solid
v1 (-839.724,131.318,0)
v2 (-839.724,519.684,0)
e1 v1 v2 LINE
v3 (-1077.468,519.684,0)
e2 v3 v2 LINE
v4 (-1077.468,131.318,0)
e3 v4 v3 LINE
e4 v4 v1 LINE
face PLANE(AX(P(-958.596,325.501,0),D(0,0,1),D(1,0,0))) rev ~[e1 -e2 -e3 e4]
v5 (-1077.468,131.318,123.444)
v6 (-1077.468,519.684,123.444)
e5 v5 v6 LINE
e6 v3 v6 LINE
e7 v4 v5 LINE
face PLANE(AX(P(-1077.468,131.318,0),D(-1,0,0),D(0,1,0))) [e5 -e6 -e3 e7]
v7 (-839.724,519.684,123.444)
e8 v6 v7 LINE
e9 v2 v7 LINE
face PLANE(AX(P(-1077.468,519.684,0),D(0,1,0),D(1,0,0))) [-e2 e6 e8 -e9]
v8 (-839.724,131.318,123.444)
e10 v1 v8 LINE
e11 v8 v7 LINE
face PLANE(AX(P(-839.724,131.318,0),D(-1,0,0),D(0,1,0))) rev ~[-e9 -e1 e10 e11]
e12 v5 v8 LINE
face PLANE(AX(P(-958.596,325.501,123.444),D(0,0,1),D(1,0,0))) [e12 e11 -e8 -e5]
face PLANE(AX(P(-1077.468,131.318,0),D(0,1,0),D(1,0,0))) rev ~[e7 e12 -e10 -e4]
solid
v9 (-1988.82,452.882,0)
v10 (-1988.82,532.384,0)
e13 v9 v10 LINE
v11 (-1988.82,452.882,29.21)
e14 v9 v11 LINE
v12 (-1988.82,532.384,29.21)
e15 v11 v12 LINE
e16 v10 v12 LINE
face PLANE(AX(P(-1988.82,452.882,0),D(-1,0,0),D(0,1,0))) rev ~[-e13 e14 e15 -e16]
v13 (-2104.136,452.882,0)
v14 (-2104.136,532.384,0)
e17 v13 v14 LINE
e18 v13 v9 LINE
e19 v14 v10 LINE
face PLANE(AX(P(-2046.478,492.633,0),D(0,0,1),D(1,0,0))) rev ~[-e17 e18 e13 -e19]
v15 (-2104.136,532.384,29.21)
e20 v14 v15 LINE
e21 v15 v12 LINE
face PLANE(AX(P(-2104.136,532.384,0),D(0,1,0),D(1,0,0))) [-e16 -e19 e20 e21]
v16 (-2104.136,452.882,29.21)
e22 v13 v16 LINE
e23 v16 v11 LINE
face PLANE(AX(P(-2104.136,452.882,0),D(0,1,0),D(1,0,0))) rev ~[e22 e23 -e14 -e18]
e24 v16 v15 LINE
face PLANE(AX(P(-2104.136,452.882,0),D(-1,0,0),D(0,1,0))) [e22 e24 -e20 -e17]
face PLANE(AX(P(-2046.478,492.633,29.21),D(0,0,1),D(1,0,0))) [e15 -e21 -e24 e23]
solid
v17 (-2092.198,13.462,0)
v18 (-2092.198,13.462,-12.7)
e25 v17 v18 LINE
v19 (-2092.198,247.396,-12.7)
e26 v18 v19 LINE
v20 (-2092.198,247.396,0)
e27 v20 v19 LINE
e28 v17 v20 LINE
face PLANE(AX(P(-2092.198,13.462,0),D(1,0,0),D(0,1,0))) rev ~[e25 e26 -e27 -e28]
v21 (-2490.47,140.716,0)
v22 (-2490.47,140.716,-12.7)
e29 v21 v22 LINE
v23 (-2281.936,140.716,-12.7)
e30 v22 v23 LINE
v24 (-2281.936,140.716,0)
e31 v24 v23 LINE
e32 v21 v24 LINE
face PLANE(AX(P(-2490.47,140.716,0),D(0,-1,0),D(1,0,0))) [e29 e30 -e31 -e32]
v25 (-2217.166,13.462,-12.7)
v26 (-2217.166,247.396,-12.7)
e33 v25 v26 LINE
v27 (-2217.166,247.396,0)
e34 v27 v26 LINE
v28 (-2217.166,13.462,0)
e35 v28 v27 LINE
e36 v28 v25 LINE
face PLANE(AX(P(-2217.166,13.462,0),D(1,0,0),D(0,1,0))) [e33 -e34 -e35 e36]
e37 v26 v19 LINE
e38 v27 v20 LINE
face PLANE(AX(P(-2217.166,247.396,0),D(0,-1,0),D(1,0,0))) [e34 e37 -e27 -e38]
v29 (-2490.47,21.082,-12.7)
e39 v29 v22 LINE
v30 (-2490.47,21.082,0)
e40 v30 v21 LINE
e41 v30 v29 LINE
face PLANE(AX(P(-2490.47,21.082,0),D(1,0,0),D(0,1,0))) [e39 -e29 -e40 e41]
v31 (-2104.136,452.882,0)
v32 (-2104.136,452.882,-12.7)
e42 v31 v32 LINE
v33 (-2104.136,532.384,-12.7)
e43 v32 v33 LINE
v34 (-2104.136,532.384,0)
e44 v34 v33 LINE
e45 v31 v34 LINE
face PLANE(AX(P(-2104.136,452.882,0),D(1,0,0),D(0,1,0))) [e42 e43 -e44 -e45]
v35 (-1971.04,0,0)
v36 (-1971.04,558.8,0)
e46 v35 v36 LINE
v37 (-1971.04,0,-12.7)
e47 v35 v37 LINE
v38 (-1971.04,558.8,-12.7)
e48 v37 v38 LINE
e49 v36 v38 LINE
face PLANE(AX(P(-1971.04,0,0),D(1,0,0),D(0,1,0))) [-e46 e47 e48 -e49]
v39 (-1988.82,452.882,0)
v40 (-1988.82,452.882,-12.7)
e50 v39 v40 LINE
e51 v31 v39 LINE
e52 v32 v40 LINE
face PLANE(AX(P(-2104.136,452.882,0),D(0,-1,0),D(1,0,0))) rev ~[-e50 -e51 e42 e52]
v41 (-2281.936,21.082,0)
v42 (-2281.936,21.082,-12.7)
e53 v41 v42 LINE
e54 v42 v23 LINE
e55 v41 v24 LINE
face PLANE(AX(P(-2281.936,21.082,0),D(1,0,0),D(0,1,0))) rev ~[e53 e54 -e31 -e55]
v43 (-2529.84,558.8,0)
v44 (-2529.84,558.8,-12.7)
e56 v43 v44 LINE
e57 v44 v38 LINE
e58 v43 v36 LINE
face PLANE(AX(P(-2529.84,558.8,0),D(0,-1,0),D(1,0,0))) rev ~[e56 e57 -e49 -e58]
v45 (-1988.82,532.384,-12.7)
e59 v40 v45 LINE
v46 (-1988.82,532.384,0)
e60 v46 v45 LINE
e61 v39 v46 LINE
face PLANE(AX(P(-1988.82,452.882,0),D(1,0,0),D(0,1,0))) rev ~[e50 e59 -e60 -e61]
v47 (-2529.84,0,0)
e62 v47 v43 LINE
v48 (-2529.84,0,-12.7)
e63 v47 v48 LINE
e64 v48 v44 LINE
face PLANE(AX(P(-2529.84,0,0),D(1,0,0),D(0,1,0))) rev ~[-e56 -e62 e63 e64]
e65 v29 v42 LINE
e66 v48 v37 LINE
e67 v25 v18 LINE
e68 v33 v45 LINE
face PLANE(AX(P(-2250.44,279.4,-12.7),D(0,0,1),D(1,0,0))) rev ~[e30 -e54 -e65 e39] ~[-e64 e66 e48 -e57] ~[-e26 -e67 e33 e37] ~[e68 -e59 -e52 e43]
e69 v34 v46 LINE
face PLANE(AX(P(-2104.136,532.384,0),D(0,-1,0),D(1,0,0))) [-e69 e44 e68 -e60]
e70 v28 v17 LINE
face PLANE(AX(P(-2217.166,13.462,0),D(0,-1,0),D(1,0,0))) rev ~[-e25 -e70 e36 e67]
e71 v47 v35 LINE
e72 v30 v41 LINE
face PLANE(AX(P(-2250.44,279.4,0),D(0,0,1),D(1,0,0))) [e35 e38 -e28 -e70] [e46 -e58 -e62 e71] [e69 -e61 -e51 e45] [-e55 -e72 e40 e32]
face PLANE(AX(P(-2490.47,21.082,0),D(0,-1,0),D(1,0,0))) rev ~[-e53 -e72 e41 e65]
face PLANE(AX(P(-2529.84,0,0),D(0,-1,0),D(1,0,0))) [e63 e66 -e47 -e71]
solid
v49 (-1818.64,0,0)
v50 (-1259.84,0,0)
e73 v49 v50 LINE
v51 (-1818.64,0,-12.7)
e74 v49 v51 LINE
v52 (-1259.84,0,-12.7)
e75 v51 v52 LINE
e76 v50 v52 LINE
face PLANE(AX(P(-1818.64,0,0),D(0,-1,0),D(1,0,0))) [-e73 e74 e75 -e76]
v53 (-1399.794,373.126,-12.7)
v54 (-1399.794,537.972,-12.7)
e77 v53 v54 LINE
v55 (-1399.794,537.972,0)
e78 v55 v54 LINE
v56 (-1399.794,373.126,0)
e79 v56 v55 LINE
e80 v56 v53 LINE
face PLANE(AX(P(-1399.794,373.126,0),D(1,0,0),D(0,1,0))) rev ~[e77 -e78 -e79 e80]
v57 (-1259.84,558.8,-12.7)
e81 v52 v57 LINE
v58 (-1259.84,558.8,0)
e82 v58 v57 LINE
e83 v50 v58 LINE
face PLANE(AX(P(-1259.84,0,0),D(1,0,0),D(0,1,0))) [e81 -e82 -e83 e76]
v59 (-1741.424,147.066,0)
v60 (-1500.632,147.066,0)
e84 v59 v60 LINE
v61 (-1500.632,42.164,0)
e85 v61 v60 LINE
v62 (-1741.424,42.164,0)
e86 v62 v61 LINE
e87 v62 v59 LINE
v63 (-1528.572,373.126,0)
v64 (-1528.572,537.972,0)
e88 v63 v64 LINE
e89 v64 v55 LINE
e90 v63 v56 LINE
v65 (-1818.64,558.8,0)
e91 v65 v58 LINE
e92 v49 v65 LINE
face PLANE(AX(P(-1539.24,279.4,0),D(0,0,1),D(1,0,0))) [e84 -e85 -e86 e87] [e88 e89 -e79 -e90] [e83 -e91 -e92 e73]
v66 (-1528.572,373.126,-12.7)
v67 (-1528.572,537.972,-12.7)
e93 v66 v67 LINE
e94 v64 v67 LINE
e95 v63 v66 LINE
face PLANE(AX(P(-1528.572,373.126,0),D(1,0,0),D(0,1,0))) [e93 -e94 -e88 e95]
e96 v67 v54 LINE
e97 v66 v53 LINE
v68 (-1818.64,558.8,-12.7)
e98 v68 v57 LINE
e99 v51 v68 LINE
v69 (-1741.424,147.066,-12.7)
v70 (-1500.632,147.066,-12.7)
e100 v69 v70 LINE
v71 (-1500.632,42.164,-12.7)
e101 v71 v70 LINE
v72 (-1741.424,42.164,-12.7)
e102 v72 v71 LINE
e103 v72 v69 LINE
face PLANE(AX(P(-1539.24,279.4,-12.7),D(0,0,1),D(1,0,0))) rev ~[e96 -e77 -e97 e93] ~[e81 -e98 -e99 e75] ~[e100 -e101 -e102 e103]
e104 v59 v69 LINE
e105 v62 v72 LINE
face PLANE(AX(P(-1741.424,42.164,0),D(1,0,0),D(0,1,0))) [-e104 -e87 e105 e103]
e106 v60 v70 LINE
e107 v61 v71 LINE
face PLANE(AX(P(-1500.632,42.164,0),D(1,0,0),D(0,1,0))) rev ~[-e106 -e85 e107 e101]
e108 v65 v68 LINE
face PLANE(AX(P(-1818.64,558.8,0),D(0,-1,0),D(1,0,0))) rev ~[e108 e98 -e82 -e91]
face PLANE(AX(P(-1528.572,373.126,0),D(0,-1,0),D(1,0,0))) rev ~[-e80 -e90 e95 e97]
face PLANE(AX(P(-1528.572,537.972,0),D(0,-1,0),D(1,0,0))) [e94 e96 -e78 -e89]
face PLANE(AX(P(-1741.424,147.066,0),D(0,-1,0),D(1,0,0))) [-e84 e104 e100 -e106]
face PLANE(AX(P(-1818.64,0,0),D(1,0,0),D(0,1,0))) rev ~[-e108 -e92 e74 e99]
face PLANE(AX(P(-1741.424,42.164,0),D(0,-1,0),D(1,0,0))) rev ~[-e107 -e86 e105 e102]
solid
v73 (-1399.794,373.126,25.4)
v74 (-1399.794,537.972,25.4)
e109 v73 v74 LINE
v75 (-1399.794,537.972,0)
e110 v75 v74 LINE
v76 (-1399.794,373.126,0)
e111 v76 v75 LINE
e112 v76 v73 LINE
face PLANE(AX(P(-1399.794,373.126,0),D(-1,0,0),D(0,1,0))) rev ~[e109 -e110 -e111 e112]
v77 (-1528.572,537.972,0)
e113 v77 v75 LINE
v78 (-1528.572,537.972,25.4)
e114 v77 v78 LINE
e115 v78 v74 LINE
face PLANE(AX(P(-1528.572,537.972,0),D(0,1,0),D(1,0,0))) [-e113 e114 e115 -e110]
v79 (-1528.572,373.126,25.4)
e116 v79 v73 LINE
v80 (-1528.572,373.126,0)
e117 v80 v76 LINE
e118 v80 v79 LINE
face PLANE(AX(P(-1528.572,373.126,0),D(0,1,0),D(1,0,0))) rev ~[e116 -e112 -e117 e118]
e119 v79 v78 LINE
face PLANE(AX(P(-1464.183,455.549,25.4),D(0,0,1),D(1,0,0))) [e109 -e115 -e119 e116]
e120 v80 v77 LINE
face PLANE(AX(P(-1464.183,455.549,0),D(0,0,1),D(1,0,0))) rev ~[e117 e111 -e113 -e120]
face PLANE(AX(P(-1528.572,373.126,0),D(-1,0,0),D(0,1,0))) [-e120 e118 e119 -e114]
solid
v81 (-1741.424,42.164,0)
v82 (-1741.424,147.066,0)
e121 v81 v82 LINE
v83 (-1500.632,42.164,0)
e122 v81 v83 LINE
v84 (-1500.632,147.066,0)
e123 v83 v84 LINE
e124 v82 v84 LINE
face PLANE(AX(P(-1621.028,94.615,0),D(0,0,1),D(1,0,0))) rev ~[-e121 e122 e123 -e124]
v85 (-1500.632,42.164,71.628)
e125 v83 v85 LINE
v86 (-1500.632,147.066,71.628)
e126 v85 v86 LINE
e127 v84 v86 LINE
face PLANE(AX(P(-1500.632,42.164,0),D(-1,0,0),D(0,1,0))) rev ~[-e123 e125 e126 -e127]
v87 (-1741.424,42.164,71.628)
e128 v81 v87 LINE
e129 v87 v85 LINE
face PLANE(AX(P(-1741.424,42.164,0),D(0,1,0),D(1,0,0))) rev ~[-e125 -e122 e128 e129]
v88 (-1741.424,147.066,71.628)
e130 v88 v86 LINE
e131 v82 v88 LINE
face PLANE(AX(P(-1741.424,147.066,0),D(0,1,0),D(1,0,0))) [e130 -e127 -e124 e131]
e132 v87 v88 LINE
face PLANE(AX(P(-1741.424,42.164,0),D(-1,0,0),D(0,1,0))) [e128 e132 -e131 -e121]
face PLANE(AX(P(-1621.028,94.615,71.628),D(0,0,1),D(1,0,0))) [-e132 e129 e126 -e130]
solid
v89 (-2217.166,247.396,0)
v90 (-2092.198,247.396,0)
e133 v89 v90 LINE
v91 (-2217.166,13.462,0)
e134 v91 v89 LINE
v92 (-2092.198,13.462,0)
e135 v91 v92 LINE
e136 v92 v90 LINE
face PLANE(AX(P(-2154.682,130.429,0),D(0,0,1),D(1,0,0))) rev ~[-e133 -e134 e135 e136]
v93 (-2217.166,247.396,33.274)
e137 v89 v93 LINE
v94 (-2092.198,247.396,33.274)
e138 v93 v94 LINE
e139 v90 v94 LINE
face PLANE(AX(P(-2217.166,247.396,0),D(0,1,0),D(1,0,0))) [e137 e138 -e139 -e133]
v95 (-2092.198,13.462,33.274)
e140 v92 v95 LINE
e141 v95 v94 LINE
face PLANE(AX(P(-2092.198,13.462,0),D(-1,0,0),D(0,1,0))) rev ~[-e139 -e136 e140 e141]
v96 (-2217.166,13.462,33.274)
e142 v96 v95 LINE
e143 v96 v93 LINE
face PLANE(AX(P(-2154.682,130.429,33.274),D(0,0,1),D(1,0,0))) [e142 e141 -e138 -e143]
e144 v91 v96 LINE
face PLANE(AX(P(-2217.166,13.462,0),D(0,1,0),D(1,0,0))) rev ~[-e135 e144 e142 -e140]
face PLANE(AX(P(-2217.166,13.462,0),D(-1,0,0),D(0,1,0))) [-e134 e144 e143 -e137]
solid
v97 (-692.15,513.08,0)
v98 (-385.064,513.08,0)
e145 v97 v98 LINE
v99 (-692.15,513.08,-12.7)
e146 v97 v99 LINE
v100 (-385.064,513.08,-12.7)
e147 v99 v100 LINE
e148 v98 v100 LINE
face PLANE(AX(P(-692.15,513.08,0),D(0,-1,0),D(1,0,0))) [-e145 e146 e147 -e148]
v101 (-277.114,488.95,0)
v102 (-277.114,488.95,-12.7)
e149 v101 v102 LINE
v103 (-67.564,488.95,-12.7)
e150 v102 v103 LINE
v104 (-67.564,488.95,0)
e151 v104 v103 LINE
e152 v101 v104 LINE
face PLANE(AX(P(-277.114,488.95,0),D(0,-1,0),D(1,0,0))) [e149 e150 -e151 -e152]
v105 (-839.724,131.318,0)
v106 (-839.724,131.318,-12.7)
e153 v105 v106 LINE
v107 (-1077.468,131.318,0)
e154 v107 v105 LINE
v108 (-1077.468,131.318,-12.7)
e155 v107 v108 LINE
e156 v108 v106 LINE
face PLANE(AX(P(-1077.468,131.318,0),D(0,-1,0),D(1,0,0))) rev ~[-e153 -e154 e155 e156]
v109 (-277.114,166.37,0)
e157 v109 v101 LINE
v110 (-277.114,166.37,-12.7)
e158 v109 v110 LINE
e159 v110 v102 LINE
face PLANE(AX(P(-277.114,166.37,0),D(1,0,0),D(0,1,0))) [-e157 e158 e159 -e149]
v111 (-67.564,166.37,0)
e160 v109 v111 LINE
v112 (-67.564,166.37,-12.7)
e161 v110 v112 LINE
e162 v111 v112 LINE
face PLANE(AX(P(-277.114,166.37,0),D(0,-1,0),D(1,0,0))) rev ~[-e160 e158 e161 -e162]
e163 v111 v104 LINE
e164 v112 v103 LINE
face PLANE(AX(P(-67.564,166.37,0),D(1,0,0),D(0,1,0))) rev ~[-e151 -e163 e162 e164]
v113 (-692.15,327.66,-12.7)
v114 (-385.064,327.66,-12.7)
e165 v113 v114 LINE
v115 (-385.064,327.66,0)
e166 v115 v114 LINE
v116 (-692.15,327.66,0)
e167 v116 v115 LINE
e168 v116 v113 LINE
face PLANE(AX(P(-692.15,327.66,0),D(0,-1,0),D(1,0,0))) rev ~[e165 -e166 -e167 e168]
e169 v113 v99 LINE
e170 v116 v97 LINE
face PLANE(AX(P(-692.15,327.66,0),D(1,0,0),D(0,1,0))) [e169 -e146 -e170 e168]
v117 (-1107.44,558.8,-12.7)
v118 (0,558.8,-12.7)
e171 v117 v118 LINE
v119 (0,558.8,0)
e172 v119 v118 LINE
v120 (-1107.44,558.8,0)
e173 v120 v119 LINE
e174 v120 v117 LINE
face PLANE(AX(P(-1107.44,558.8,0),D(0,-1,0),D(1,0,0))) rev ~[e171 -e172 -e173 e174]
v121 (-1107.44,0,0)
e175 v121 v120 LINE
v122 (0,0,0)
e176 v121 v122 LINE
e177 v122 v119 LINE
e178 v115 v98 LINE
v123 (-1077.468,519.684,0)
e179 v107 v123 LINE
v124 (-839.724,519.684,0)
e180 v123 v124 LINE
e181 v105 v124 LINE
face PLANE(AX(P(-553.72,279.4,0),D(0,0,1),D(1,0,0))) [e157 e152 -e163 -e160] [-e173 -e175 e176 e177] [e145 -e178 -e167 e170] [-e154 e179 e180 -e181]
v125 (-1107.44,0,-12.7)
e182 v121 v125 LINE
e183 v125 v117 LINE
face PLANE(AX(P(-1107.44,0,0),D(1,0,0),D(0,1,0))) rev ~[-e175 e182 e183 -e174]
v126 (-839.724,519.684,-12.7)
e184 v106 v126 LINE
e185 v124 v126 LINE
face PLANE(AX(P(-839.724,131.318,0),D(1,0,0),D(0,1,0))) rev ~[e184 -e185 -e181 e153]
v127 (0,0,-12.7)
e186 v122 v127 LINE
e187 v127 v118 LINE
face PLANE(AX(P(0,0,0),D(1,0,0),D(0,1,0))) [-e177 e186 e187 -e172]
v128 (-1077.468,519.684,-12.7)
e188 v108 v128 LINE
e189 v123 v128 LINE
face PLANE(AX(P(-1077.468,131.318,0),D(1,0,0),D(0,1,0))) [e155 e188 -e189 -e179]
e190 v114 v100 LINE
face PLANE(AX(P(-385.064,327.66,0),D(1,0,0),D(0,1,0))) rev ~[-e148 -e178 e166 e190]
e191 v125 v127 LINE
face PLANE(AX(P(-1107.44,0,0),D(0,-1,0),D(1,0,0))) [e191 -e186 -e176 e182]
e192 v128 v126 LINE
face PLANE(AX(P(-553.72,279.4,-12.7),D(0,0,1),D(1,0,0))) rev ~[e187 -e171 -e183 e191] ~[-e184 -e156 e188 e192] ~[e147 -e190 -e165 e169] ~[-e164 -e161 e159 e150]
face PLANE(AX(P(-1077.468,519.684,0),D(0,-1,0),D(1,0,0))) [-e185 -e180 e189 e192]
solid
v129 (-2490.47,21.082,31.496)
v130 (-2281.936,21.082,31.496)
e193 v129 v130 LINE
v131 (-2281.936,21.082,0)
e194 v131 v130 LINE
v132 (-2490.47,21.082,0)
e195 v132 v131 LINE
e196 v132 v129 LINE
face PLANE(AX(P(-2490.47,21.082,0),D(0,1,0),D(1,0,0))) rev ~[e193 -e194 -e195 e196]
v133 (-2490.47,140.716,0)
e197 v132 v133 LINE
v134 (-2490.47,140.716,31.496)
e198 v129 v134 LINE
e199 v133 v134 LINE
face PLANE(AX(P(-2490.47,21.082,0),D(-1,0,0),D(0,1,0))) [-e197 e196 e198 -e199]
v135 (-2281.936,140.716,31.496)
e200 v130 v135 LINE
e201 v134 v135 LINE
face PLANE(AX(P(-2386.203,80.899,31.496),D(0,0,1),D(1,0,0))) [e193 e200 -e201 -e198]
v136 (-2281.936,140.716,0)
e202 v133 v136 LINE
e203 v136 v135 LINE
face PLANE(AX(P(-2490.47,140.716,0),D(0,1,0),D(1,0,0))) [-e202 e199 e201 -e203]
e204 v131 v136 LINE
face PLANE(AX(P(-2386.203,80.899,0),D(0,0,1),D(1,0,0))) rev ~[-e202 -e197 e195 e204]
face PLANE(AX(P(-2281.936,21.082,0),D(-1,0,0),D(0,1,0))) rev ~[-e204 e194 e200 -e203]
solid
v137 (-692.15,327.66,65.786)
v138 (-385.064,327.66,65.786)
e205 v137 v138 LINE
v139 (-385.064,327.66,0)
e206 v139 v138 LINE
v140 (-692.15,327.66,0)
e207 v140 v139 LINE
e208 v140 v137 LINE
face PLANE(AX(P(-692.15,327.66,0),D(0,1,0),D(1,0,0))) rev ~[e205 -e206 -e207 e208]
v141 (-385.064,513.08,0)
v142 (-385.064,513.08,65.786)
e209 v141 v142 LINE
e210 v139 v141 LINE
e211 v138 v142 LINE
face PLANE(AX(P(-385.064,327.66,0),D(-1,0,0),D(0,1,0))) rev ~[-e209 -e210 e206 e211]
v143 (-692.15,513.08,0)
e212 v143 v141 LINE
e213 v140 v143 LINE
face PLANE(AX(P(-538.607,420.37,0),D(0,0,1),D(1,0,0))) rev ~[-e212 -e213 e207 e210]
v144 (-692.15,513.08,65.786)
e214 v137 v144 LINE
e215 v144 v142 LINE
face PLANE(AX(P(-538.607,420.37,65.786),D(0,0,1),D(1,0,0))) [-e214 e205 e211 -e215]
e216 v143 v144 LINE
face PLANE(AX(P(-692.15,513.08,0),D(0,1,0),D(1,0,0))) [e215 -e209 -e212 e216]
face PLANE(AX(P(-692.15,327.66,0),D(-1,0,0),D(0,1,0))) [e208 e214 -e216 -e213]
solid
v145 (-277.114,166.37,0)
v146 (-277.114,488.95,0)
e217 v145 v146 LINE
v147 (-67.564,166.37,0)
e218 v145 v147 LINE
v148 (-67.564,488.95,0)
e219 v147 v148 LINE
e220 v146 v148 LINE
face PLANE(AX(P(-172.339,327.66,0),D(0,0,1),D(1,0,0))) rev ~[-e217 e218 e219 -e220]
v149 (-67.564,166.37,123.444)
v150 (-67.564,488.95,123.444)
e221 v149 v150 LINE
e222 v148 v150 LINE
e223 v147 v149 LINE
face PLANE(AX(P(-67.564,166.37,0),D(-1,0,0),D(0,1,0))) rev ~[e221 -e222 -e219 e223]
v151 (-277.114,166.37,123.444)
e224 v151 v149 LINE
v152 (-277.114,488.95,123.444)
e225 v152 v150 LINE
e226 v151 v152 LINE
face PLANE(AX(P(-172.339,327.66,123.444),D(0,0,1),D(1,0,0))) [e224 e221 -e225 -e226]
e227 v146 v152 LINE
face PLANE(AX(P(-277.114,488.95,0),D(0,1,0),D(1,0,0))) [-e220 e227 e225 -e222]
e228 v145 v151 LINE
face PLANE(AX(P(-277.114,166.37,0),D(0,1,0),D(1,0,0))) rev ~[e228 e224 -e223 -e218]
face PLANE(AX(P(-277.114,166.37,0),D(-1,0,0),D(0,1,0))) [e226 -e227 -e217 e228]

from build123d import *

# Parameters (mm, degrees)
F0_W      = 1107.44
F0_H      = 558.8
F0_W_2    = 237.744
F0_H_2    = 388.366
F0_W_3    = 307.086
F0_H_3    = 185.42
F0_W_4    = 209.55
F0_H_4    = 322.58
F1_DEPTH  = 12.7
F2_DEPTH  = 123.444
F3_DEPTH  = 123.444
F4_DEPTH  = 65.786
F5_W      = 558.8
F5_H      = 558.8
F5_W_2    = 240.792
F5_H_2    = 104.902
F5_W_3    = 128.778
F5_H_3    = 164.846
F6_DEPTH  = 12.7
F7_DEPTH  = 25.4
F8_DEPTH  = 71.628
F9_W      = 558.8
F9_H      = 558.8
F9_W_2    = 208.534
F9_H_2    = 119.634
F9_W_3    = 124.968
F9_H_3    = 233.934
F9_W_4    = 115.316
F9_H_4    = 79.502
F10_DEPTH = 12.7
F11_DEPTH = 31.496
F12_DEPTH = 33.274
F13_DEPTH = 29.21


with BuildPart() as f1:
    # F0 (on Top) → F1 (new body)
    with BuildSketch(Plane.XY):
        with Locations((-553.72, 279.4)):
            Rectangle(F0_W, F0_H)
        with Locations((-958.596, 325.501)):
            Rectangle(F0_W_2, F0_H_2, mode=Mode.SUBTRACT)
        with Locations((-538.607, 420.37)):
            Rectangle(F0_W_3, F0_H_3, mode=Mode.SUBTRACT)
        with Locations((-172.339, 327.66)):
            Rectangle(F0_W_4, F0_H_4, mode=Mode.SUBTRACT)
    extrude(amount=-F1_DEPTH)

    # F0 (on Top) → F2 (join)
    with BuildSketch(Plane.XY):
        with Locations((-958.596, 325.501)):
            Rectangle(F0_W_2, F0_H_2)
    extrude(amount=F2_DEPTH)


with BuildPart() as f3:
    # F0 (on Top) → F3 (new body)
    with BuildSketch(Plane.XY):
        with Locations((-172.339, 327.66)):
            Rectangle(F0_W_4, F0_H_4)
    extrude(amount=F3_DEPTH)


with BuildPart() as f4:
    # F0 (on Top) → F4 (new body)
    with BuildSketch(Plane.XY):
        with Locations((-538.607, 420.37)):
            Rectangle(F0_W_3, F0_H_3)
    extrude(amount=F4_DEPTH)


with BuildPart() as f6:
    # F5 (on Top) → F6 (new body)
    with BuildSketch(Plane.XY):
        with Locations((-1539.24, 279.4)):
            Rectangle(F5_W, F5_H)
        with Locations((-1621.028, 94.615)):
            Rectangle(F5_W_2, F5_H_2, mode=Mode.SUBTRACT)
        with Locations((-1464.183, 455.549)):
            Rectangle(F5_W_3, F5_H_3, mode=Mode.SUBTRACT)
    extrude(amount=-F6_DEPTH)


with BuildPart() as f7:
    # F5 (on Top) → F7 (new body)
    with BuildSketch(Plane.XY):
        with Locations((-1464.183, 455.549)):
            Rectangle(F5_W_3, F5_H_3)
    extrude(amount=F7_DEPTH)


with BuildPart() as f8:
    # F5 (on Top) → F8 (new body)
    with BuildSketch(Plane.XY):
        with Locations((-1621.028, 94.615)):
            Rectangle(F5_W_2, F5_H_2)
    extrude(amount=F8_DEPTH)


with BuildPart() as f10:
    # F9 (on Top) → F10 (new body)
    with BuildSketch(Plane.XY):
        with Locations((-2250.44, 279.4)):
            Rectangle(F9_W, F9_H)
        with Locations((-2386.203, 80.899)):
            Rectangle(F9_W_2, F9_H_2, mode=Mode.SUBTRACT)
        with Locations((-2154.682, 130.429)):
            Rectangle(F9_W_3, F9_H_3, mode=Mode.SUBTRACT)
        with Locations((-2046.478, 492.633)):
            Rectangle(F9_W_4, F9_H_4, mode=Mode.SUBTRACT)
    extrude(amount=-F10_DEPTH)


with BuildPart() as f11:
    # F9 (on Top) → F11 (new body)
    with BuildSketch(Plane.XY):
        with Locations((-2386.203, 80.899)):
            Rectangle(F9_W_2, F9_H_2)
    extrude(amount=F11_DEPTH)


with BuildPart() as f12:
    # F9 (on Top) → F12 (new body)
    with BuildSketch(Plane.XY):
        with Locations((-2154.682, 130.429)):
            Rectangle(F9_W_3, F9_H_3)
    extrude(amount=F12_DEPTH)


with BuildPart() as f13:
    # F9 (on Top) → F13 (new body)
    with BuildSketch(Plane.XY):
        with Locations((-2046.478, 492.633)):
            Rectangle(F9_W_4, F9_H_4)
    extrude(amount=F13_DEPTH)


solid = Compound([f1.part, f3.part, f4.part, f6.part, f7.part, f8.part, f10.part, f11.part, f12.part, f13.part])
